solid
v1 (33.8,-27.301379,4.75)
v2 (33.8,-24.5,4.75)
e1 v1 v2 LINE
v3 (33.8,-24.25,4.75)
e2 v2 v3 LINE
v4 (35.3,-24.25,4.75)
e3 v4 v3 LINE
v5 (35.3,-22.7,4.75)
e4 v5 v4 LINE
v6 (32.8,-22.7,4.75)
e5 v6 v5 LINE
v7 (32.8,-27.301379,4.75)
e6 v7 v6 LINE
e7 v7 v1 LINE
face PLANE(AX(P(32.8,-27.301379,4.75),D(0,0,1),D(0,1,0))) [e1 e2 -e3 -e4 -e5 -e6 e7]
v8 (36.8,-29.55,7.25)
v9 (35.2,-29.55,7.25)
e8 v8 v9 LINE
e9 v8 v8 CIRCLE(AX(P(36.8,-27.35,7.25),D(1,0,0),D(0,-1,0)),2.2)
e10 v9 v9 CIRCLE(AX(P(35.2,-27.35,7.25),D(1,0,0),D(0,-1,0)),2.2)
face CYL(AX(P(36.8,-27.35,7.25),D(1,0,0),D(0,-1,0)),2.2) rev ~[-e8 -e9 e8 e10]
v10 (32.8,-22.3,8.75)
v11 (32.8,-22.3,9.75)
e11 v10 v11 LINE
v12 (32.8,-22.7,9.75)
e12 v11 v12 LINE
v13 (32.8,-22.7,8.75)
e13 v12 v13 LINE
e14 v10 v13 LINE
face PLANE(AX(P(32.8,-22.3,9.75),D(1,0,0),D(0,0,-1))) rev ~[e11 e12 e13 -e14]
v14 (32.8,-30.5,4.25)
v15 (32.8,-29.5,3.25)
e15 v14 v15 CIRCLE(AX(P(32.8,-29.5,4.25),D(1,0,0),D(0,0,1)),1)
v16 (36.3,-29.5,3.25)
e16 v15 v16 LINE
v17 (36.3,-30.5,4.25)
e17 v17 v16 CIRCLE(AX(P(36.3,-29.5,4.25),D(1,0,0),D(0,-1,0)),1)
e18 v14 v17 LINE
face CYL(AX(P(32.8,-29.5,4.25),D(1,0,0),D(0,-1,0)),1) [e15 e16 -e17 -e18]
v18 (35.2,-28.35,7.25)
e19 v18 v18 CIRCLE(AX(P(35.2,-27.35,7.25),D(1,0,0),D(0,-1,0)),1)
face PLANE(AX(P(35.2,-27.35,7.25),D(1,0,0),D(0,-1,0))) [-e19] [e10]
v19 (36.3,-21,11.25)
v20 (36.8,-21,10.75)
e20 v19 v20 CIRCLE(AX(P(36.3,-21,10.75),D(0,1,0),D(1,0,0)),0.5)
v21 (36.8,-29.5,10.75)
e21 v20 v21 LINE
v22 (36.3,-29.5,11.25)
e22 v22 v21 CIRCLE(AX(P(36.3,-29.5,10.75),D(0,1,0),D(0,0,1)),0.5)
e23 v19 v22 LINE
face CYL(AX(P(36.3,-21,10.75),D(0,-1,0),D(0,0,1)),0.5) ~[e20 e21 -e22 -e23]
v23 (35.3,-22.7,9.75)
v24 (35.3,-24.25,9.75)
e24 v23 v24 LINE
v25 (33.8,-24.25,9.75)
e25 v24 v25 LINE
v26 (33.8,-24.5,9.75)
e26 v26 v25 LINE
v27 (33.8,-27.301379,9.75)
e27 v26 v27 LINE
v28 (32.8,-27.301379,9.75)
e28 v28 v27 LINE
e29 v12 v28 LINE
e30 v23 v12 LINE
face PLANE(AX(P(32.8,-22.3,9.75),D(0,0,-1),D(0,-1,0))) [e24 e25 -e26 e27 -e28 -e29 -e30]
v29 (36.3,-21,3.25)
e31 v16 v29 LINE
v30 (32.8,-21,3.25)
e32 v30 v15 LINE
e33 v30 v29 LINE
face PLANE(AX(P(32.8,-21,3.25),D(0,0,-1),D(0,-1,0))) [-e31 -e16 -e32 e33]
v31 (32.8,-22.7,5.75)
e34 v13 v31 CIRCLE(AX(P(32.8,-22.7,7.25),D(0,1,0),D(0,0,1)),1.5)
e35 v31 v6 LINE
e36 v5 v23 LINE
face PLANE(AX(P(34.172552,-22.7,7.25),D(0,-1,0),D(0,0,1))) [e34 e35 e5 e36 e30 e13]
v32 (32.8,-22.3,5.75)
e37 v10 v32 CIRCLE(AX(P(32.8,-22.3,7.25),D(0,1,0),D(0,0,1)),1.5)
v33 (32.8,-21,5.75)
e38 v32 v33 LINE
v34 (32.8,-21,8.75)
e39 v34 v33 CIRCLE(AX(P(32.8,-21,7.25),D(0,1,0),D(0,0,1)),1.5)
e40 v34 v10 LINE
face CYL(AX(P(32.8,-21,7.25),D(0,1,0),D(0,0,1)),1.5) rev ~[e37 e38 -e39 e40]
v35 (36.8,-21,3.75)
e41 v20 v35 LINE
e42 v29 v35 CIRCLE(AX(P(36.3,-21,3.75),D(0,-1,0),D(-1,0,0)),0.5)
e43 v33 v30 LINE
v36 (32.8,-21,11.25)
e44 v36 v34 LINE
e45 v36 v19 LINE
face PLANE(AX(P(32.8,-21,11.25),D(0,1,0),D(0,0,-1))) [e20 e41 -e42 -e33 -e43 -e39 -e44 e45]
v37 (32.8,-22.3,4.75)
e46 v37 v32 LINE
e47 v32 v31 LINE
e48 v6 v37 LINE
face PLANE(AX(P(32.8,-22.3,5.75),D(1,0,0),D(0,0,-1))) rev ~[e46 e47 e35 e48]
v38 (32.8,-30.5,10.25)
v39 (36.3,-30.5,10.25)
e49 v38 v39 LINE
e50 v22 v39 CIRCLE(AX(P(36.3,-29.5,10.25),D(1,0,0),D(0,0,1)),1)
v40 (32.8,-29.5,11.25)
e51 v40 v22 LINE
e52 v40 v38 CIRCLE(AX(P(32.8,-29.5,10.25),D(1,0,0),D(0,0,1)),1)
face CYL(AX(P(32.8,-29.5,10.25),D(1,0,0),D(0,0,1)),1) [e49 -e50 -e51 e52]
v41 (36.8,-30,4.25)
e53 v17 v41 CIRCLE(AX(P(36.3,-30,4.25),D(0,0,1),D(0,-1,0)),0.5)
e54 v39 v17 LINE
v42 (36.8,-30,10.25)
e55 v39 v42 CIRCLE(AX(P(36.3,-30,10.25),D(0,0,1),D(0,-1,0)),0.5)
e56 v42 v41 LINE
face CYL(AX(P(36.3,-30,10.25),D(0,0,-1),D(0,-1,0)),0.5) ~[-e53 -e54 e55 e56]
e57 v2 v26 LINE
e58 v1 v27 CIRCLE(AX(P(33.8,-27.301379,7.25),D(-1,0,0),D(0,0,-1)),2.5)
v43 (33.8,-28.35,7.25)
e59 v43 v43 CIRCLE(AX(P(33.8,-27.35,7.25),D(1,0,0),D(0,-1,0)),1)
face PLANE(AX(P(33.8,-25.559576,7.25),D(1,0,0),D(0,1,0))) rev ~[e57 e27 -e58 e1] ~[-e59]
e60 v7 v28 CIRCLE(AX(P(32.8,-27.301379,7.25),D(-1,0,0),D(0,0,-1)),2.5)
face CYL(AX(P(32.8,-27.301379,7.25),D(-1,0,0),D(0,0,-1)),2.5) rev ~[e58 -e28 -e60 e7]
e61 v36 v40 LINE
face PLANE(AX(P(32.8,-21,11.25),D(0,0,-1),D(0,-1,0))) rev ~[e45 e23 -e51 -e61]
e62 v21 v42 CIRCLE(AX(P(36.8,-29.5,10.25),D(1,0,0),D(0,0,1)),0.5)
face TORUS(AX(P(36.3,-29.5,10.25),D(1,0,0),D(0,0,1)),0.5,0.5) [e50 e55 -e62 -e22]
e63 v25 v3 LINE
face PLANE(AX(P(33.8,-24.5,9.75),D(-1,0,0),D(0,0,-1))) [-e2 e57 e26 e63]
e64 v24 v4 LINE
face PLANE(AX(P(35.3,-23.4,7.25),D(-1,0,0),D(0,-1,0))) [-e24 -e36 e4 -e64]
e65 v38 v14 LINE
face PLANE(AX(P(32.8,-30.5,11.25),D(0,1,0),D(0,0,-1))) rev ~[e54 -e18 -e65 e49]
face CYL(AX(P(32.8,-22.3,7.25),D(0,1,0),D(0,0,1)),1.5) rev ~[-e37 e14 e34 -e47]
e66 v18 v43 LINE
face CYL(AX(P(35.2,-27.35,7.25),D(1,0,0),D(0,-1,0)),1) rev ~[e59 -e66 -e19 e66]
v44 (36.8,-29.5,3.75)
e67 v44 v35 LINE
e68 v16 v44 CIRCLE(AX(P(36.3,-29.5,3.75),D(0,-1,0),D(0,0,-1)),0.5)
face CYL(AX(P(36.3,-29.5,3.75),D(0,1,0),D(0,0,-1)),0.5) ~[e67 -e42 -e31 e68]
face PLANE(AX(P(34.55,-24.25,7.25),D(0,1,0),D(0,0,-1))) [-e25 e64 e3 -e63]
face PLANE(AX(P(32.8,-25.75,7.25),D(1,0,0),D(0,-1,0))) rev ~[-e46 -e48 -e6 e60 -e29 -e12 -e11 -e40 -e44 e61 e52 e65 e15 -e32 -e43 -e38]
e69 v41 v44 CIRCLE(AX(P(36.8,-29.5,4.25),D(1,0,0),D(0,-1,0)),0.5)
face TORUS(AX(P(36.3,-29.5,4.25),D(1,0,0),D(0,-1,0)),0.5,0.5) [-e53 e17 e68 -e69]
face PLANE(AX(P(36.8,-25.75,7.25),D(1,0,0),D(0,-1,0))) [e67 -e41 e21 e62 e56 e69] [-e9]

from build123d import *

# Parameters (mm, degrees)
SKETCH067_W             = 9.5
SKETCH067_H             = 8
PAD034_DEPTH            = 4
FILLET019_R             = 1
SKETCH068_R             = 2.2
POCKET033_DEPTH         = 1.6
SKETCH069_R             = 1
POCKET034_DEPTH         = 3
POCKET038_DEPTH         = 1
SKETCH072_W             = 2.2
SKETCH072_H             = 5
POCKET039_DEPTH         = 1.5
SKETCH074_R             = 1.5
POCKET041_DEPTH         = 1.3
FILLET023_R             = 0.5
PAD195_DEPTH            = 0.4
PAD195_FACE6_W          = 5
PAD195_FACE6_H          = 1.5
PAD196_DEPTH            = 0.25
BODY007_ROLL_ANGLE      = -90
BODY007_PLACEMENT_ANGLE = -90


with BuildPart() as part:
    # Sketch067 → Pad034 (new body)
    with BuildSketch(Plane.XY):
        with Locations((-4.75, 0)):
            Rectangle(SKETCH067_W, SKETCH067_H)
    extrude(amount=PAD034_DEPTH)

    # Fillet019
    fillet019_edges = [part.edges().sort_by_distance(p)[0] for p in [
        (0, 4, 2),
        (0, -4, 2),
    ]]
    fillet(fillet019_edges, radius=FILLET019_R)

    # Sketch068 (on Face5 of Fillet019) → Pocket033 (cut)
    with BuildSketch(Plane.XY.offset(4)):
        with Locations((-3.15, 0)):
            Circle(SKETCH068_R)
    extrude(amount=-POCKET033_DEPTH, mode=Mode.SUBTRACT)

    # Sketch069 (on Face10 of Pocket033) → Pocket034 (cut)
    with BuildSketch(Plane.XY.offset(2.4)):
        with Locations((-3.15, 0)):
            Circle(SKETCH069_R)
    extrude(amount=-POCKET034_DEPTH, mode=Mode.SUBTRACT)

    # Sketch071 (on DatumPlane) → Pocket038 (cut)
    with BuildSketch(Plane(origin=(0, 0, 0), x_dir=(1, 0, 0), z_dir=(0, 0, -1))):
        with BuildLine():
            Line((-8.2, 2.5), (-3.198621, 2.5))
            ThreePointArc((-3.198621, -2.5), (-0.698621, 0), (-3.198621, 2.5))
            Line((-3.198621, -2.5), (-8.2, -2.5))
            Line((-8.2, -2.5), (-8.2, 2.5))
        make_face()
    extrude(amount=-POCKET038_DEPTH, mode=Mode.SUBTRACT)

    # Sketch072 (on DatumPlane) → Pocket039 (cut)
    with BuildSketch(Plane(origin=(0, 0, 1), x_dir=(1, 0, 0), z_dir=(0, 0, -1))):
        with Locations((-7.1, 0)):
            Rectangle(SKETCH072_W, SKETCH072_H)
    extrude(amount=-POCKET039_DEPTH, mode=Mode.SUBTRACT)

    # Sketch074 (on DatumPlane) → Pocket041 (cut)
    with BuildSketch(Plane(origin=(-9.5, 0, 0), x_dir=(0, -1, 0), z_dir=(-1, 0, 0))):
        Circle(SKETCH074_R)
    extrude(amount=-POCKET041_DEPTH, mode=Mode.SUBTRACT)

    # Fillet023
    fillet023_edges = [part.edges().sort_by_distance(p)[0] for p in [
        (-5.25, -4, 4),
        (-0.292893, -3.707107, 4),
        (0, 0, 4),
        (-0.292893, 3.707107, 4),
        (-5.25, 4, 4),
    ]]
    fillet(fillet023_edges, radius=FILLET023_R)

    # Fillet023 Face12 → Pad195 (add)
    with BuildSketch(Plane(origin=(-8.2, 0, 1.491795), x_dir=(0, -1, 0), z_dir=(1, 0, 0))):
        with BuildLine():
            Line((-1.5, 1.491795), (-2.5, 1.491795))
            Line((-2.5, 1.491795), (-2.5, -1.008205))
            Line((-2.5, -1.008205), (2.5, -1.008205))
            Line((2.5, -1.008205), (2.5, 1.491795))
            Line((2.5, 1.491795), (1.5, 1.491795))
            ThreePointArc((1.5, 1.491795), (0, -0.008205), (-1.5, 1.491795))
        make_face()
    extrude(amount=PAD195_DEPTH)

    # Pad195 Face6 → Pad196 (add)
    with BuildSketch(Plane(origin=(-6, 0, 1.75), x_dir=(0, 1, 0), z_dir=(-1, 0, 0))):
        Rectangle(PAD195_FACE6_W, PAD195_FACE6_H)
    extrude(amount=PAD196_DEPTH)


with BuildPart() as part_1:
    # Body007 roll: moved
    add(part.part.rotate(Axis((0, 0, 0), (1, 0, 0)), BODY007_ROLL_ANGLE))


with BuildPart() as part_2:
    # Body007 placement: moved
    add(part_1.part.moved(Location((32.8, -30.5, 7.25))).rotate(Axis((32.8, -30.5, 7.25), (0, 0, 1)), BODY007_PLACEMENT_ANGLE))


solid = part_2.part
